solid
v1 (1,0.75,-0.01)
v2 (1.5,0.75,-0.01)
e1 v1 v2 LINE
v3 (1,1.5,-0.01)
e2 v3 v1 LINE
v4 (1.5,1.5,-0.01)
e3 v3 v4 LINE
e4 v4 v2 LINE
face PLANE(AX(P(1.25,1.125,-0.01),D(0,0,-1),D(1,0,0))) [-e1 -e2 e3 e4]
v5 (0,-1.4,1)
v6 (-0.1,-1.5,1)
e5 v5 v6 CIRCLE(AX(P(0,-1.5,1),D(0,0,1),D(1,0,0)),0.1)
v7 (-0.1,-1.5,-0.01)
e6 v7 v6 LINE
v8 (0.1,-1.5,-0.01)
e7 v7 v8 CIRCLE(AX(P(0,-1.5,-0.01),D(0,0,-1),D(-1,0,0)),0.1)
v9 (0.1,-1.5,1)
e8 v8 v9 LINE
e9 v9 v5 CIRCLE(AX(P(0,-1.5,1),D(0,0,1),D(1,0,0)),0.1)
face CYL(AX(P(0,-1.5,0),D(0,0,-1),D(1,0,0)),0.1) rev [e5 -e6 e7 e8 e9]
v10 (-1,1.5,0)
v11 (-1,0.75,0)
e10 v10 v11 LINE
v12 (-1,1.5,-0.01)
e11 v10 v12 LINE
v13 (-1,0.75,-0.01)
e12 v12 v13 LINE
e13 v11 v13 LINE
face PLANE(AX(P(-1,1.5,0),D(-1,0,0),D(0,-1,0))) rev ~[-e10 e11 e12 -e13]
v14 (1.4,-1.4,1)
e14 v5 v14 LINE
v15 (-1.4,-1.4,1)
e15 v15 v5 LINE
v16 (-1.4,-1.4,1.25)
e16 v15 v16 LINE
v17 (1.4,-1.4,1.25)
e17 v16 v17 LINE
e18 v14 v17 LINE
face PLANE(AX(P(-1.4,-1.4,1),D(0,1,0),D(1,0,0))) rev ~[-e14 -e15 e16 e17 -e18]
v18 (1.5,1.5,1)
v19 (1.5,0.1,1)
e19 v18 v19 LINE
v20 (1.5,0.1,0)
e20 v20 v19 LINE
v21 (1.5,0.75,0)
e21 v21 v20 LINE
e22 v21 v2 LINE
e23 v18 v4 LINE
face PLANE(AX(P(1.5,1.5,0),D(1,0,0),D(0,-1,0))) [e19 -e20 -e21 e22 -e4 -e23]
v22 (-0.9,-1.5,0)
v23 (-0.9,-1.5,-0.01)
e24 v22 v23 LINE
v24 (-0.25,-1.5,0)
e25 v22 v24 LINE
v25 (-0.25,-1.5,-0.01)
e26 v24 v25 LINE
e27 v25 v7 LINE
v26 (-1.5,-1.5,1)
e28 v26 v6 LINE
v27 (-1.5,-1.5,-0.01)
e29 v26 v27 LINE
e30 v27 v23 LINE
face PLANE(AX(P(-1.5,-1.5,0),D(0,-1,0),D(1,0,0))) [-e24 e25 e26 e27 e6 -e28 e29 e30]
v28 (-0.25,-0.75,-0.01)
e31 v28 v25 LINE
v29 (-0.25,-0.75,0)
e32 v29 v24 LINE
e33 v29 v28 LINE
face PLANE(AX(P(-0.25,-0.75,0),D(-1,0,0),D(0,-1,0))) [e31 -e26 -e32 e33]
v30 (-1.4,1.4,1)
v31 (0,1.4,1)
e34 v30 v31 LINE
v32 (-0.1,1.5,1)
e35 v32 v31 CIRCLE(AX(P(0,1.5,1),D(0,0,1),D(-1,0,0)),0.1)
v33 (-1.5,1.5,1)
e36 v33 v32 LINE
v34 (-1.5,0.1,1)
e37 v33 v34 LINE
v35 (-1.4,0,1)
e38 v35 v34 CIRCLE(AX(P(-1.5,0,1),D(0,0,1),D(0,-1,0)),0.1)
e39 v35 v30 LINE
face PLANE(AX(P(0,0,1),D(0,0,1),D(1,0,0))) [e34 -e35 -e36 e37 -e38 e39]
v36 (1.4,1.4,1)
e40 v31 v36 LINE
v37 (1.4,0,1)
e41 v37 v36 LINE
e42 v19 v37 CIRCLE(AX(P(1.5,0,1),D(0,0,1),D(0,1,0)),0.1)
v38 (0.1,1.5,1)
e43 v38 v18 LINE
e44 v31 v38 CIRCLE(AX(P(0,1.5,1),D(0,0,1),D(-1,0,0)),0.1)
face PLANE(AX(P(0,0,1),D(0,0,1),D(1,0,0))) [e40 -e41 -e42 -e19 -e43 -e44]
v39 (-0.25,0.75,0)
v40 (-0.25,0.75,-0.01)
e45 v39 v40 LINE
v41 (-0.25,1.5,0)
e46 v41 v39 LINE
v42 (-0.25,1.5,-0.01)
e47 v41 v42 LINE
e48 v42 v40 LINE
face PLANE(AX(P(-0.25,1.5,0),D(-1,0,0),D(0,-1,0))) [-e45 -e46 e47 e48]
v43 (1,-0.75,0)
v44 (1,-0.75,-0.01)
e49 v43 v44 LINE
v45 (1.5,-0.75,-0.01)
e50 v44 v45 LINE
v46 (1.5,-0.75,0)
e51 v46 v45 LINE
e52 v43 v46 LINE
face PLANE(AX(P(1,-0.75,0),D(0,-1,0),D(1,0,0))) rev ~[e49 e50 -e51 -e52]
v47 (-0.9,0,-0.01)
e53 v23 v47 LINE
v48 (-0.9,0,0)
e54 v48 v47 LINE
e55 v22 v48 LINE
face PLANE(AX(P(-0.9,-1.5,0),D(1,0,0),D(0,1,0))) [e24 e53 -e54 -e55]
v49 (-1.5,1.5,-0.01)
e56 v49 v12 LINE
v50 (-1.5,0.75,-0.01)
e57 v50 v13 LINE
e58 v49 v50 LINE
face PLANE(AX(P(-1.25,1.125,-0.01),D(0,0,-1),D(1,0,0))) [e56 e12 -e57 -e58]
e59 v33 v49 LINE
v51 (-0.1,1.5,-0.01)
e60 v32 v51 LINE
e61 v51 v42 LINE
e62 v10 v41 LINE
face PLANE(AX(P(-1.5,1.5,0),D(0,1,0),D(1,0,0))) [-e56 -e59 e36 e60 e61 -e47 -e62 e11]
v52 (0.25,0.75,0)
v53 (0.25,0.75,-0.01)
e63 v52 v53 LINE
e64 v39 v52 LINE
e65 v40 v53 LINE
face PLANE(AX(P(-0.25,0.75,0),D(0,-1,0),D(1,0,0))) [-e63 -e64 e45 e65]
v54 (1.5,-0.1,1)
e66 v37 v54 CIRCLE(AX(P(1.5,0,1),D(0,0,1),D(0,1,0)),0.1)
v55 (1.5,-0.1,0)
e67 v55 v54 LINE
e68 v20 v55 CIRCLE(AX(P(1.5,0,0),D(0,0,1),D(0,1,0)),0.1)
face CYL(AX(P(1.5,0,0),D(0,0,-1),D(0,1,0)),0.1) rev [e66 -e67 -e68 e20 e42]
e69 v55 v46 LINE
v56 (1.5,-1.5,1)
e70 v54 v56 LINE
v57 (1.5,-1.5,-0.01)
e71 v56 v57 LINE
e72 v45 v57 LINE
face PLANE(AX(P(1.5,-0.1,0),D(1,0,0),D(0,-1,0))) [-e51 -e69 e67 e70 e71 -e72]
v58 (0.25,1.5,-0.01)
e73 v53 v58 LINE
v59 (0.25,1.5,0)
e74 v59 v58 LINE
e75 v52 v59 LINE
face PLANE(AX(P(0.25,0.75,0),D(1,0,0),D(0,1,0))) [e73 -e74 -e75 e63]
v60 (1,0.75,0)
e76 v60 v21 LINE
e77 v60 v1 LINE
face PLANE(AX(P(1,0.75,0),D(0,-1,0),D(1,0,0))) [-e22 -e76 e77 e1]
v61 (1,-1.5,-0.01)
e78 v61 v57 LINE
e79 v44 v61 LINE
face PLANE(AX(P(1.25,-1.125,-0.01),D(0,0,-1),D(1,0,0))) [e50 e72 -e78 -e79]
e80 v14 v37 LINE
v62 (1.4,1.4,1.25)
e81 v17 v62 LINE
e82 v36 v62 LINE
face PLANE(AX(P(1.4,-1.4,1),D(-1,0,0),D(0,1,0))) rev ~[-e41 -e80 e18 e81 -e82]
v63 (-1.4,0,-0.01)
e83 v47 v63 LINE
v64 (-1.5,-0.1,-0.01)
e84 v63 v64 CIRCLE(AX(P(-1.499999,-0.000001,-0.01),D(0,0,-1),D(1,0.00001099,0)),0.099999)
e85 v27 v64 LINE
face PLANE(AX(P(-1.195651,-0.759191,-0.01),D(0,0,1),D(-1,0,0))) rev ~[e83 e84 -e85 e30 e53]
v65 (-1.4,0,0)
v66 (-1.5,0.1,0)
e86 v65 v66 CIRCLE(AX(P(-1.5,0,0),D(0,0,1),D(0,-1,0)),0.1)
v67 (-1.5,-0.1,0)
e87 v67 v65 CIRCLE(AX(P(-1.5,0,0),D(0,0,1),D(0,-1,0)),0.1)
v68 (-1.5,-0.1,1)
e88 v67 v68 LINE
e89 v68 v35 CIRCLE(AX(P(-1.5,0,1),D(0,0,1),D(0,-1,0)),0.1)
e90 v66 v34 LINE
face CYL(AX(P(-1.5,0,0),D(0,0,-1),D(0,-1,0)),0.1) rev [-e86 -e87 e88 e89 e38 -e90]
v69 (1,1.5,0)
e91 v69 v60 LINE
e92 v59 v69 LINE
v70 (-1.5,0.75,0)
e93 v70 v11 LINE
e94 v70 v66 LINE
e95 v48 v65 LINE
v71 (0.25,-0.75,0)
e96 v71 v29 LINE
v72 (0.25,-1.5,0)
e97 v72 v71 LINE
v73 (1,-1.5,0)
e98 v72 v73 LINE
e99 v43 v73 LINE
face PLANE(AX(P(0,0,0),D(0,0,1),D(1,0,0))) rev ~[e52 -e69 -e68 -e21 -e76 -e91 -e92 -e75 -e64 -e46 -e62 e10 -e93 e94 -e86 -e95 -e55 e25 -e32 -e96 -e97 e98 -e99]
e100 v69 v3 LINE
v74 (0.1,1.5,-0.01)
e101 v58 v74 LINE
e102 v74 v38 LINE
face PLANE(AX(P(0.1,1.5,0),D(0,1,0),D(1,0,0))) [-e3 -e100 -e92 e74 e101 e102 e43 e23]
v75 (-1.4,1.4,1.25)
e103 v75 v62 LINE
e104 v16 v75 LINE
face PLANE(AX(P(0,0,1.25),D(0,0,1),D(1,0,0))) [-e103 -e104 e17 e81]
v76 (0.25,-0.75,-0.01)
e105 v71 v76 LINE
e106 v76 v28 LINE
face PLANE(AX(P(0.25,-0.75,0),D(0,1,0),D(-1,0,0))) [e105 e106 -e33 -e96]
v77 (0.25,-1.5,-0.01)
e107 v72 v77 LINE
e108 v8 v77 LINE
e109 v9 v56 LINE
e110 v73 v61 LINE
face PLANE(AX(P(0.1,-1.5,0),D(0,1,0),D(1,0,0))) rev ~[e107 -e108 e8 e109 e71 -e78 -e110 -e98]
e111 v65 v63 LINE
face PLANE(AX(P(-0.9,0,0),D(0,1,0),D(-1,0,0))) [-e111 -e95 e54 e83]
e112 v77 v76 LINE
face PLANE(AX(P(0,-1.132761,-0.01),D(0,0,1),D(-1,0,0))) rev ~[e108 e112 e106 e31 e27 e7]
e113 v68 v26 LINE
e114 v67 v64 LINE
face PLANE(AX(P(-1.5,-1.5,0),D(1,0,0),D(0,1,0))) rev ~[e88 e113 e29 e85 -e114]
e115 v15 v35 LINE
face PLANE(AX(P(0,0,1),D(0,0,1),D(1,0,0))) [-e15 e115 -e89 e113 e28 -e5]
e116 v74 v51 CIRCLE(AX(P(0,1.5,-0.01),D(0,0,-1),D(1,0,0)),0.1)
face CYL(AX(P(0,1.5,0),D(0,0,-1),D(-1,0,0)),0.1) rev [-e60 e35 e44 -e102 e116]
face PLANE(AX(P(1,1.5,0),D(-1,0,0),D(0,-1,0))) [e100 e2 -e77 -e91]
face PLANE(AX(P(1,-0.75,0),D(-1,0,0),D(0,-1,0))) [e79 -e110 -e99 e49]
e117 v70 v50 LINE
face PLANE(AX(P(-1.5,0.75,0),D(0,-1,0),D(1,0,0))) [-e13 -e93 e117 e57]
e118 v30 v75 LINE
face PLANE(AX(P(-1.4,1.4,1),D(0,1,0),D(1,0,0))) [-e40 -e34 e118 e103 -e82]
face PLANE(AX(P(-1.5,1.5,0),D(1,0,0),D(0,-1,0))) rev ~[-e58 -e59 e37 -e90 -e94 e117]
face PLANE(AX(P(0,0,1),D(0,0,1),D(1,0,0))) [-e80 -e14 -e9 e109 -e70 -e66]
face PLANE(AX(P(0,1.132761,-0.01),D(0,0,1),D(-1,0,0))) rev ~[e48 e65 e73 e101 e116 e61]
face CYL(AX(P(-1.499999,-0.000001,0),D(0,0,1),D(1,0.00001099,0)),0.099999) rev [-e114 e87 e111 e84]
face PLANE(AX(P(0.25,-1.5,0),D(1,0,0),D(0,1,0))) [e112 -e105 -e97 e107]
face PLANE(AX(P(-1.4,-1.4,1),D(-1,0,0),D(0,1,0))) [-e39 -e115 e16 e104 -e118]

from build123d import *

# Parameters (mm, degrees)
PAD_DEPTH    = 1
SKETCH001_W  = 2.8
SKETCH001_H  = 2.8
PAD001_DEPTH = 0.25
SKETCH002_W  = 0.5
SKETCH002_H  = 0.75
PAD002_DEPTH = 0.01


with BuildPart() as part:
    # Sketch → Pad (new body)
    with BuildSketch(Plane.XY):
        with BuildLine():
            Line((-1.5, -1.5), (-0.1, -1.5))
            ThreePointArc((0.1, -1.5), (0, -1.4), (-0.1, -1.5))
            Line((0.1, -1.5), (1.5, -1.5))
            Line((1.5, -0.1), (1.5, -1.5))
            ThreePointArc((1.5, 0.1), (1.4, 0), (1.5, -0.1))
            Line((1.5, 1.5), (1.5, 0.1))
            Line((0.1, 1.5), (1.5, 1.5))
            ThreePointArc((-0.1, 1.5), (0, 1.4), (0.1, 1.5))
            Line((-1.5, 1.5), (-0.1, 1.5))
            Line((-1.5, 1.5), (-1.5, 0.1))
            ThreePointArc((-1.5, -0.1), (-1.4, 0), (-1.5, 0.1))
            Line((-1.5, -0.1), (-1.5, -1.5))
        make_face()
    extrude(amount=PAD_DEPTH)

    # Sketch001 (on Face14 of Pad) → Pad001 (join)
    with BuildSketch(Plane.XY.offset(1)):
        Rectangle(SKETCH001_W, SKETCH001_H)
    extrude(amount=PAD001_DEPTH)

    # Sketch002 (on Face4 of Pad001) → Pad002 (join)
    with BuildSketch(Plane(origin=(0, 0, 0), x_dir=(1, 0, 0), z_dir=(0, 0, -1))):
        with BuildLine():
            Line((-1.5, 1.5), (-0.9, 1.5))
            Line((-0.9, 1.5), (-0.9, 0))
            Line((-0.9, 0), (-1.4, 0))
            ThreePointArc((-1.4, 0), (-1.429289, 0.070711), (-1.5, 0.1))
            Line((-1.5, 1.5), (-1.5, 0.1))
        make_face()
        with BuildLine():
            Line((0.25, 0.75), (-0.25, 0.75))
            Line((-0.25, 0.75), (-0.25, 1.5))
            Line((-0.25, 1.5), (-0.1, 1.5))
            ThreePointArc((-0.1, 1.5), (0, 1.4), (0.1, 1.5))
            Line((0.1, 1.5), (0.25, 1.5))
            Line((0.25, 1.5), (0.25, 0.75))
        make_face()
        with Locations((1.25, 1.125)):
            Rectangle(SKETCH002_W, SKETCH002_H)
        with Locations((1.25, -1.125)):
            Rectangle(SKETCH002_W, SKETCH002_H)
        with BuildLine():
            Line((-0.25, -1.5), (-0.25, -0.75))
            Line((-0.25, -0.75), (0.25, -0.75))
            Line((0.25, -0.75), (0.25, -1.5))
            Line((0.25, -1.5), (0.1, -1.5))
            ThreePointArc((0.1, -1.5), (0, -1.4), (-0.1, -1.5))
            Line((-0.1, -1.5), (-0.25, -1.5))
        make_face()
        with Locations((-1.25, -1.125)):
            Rectangle(SKETCH002_W, SKETCH002_H)
    extrude(amount=PAD002_DEPTH)


solid = part.part
